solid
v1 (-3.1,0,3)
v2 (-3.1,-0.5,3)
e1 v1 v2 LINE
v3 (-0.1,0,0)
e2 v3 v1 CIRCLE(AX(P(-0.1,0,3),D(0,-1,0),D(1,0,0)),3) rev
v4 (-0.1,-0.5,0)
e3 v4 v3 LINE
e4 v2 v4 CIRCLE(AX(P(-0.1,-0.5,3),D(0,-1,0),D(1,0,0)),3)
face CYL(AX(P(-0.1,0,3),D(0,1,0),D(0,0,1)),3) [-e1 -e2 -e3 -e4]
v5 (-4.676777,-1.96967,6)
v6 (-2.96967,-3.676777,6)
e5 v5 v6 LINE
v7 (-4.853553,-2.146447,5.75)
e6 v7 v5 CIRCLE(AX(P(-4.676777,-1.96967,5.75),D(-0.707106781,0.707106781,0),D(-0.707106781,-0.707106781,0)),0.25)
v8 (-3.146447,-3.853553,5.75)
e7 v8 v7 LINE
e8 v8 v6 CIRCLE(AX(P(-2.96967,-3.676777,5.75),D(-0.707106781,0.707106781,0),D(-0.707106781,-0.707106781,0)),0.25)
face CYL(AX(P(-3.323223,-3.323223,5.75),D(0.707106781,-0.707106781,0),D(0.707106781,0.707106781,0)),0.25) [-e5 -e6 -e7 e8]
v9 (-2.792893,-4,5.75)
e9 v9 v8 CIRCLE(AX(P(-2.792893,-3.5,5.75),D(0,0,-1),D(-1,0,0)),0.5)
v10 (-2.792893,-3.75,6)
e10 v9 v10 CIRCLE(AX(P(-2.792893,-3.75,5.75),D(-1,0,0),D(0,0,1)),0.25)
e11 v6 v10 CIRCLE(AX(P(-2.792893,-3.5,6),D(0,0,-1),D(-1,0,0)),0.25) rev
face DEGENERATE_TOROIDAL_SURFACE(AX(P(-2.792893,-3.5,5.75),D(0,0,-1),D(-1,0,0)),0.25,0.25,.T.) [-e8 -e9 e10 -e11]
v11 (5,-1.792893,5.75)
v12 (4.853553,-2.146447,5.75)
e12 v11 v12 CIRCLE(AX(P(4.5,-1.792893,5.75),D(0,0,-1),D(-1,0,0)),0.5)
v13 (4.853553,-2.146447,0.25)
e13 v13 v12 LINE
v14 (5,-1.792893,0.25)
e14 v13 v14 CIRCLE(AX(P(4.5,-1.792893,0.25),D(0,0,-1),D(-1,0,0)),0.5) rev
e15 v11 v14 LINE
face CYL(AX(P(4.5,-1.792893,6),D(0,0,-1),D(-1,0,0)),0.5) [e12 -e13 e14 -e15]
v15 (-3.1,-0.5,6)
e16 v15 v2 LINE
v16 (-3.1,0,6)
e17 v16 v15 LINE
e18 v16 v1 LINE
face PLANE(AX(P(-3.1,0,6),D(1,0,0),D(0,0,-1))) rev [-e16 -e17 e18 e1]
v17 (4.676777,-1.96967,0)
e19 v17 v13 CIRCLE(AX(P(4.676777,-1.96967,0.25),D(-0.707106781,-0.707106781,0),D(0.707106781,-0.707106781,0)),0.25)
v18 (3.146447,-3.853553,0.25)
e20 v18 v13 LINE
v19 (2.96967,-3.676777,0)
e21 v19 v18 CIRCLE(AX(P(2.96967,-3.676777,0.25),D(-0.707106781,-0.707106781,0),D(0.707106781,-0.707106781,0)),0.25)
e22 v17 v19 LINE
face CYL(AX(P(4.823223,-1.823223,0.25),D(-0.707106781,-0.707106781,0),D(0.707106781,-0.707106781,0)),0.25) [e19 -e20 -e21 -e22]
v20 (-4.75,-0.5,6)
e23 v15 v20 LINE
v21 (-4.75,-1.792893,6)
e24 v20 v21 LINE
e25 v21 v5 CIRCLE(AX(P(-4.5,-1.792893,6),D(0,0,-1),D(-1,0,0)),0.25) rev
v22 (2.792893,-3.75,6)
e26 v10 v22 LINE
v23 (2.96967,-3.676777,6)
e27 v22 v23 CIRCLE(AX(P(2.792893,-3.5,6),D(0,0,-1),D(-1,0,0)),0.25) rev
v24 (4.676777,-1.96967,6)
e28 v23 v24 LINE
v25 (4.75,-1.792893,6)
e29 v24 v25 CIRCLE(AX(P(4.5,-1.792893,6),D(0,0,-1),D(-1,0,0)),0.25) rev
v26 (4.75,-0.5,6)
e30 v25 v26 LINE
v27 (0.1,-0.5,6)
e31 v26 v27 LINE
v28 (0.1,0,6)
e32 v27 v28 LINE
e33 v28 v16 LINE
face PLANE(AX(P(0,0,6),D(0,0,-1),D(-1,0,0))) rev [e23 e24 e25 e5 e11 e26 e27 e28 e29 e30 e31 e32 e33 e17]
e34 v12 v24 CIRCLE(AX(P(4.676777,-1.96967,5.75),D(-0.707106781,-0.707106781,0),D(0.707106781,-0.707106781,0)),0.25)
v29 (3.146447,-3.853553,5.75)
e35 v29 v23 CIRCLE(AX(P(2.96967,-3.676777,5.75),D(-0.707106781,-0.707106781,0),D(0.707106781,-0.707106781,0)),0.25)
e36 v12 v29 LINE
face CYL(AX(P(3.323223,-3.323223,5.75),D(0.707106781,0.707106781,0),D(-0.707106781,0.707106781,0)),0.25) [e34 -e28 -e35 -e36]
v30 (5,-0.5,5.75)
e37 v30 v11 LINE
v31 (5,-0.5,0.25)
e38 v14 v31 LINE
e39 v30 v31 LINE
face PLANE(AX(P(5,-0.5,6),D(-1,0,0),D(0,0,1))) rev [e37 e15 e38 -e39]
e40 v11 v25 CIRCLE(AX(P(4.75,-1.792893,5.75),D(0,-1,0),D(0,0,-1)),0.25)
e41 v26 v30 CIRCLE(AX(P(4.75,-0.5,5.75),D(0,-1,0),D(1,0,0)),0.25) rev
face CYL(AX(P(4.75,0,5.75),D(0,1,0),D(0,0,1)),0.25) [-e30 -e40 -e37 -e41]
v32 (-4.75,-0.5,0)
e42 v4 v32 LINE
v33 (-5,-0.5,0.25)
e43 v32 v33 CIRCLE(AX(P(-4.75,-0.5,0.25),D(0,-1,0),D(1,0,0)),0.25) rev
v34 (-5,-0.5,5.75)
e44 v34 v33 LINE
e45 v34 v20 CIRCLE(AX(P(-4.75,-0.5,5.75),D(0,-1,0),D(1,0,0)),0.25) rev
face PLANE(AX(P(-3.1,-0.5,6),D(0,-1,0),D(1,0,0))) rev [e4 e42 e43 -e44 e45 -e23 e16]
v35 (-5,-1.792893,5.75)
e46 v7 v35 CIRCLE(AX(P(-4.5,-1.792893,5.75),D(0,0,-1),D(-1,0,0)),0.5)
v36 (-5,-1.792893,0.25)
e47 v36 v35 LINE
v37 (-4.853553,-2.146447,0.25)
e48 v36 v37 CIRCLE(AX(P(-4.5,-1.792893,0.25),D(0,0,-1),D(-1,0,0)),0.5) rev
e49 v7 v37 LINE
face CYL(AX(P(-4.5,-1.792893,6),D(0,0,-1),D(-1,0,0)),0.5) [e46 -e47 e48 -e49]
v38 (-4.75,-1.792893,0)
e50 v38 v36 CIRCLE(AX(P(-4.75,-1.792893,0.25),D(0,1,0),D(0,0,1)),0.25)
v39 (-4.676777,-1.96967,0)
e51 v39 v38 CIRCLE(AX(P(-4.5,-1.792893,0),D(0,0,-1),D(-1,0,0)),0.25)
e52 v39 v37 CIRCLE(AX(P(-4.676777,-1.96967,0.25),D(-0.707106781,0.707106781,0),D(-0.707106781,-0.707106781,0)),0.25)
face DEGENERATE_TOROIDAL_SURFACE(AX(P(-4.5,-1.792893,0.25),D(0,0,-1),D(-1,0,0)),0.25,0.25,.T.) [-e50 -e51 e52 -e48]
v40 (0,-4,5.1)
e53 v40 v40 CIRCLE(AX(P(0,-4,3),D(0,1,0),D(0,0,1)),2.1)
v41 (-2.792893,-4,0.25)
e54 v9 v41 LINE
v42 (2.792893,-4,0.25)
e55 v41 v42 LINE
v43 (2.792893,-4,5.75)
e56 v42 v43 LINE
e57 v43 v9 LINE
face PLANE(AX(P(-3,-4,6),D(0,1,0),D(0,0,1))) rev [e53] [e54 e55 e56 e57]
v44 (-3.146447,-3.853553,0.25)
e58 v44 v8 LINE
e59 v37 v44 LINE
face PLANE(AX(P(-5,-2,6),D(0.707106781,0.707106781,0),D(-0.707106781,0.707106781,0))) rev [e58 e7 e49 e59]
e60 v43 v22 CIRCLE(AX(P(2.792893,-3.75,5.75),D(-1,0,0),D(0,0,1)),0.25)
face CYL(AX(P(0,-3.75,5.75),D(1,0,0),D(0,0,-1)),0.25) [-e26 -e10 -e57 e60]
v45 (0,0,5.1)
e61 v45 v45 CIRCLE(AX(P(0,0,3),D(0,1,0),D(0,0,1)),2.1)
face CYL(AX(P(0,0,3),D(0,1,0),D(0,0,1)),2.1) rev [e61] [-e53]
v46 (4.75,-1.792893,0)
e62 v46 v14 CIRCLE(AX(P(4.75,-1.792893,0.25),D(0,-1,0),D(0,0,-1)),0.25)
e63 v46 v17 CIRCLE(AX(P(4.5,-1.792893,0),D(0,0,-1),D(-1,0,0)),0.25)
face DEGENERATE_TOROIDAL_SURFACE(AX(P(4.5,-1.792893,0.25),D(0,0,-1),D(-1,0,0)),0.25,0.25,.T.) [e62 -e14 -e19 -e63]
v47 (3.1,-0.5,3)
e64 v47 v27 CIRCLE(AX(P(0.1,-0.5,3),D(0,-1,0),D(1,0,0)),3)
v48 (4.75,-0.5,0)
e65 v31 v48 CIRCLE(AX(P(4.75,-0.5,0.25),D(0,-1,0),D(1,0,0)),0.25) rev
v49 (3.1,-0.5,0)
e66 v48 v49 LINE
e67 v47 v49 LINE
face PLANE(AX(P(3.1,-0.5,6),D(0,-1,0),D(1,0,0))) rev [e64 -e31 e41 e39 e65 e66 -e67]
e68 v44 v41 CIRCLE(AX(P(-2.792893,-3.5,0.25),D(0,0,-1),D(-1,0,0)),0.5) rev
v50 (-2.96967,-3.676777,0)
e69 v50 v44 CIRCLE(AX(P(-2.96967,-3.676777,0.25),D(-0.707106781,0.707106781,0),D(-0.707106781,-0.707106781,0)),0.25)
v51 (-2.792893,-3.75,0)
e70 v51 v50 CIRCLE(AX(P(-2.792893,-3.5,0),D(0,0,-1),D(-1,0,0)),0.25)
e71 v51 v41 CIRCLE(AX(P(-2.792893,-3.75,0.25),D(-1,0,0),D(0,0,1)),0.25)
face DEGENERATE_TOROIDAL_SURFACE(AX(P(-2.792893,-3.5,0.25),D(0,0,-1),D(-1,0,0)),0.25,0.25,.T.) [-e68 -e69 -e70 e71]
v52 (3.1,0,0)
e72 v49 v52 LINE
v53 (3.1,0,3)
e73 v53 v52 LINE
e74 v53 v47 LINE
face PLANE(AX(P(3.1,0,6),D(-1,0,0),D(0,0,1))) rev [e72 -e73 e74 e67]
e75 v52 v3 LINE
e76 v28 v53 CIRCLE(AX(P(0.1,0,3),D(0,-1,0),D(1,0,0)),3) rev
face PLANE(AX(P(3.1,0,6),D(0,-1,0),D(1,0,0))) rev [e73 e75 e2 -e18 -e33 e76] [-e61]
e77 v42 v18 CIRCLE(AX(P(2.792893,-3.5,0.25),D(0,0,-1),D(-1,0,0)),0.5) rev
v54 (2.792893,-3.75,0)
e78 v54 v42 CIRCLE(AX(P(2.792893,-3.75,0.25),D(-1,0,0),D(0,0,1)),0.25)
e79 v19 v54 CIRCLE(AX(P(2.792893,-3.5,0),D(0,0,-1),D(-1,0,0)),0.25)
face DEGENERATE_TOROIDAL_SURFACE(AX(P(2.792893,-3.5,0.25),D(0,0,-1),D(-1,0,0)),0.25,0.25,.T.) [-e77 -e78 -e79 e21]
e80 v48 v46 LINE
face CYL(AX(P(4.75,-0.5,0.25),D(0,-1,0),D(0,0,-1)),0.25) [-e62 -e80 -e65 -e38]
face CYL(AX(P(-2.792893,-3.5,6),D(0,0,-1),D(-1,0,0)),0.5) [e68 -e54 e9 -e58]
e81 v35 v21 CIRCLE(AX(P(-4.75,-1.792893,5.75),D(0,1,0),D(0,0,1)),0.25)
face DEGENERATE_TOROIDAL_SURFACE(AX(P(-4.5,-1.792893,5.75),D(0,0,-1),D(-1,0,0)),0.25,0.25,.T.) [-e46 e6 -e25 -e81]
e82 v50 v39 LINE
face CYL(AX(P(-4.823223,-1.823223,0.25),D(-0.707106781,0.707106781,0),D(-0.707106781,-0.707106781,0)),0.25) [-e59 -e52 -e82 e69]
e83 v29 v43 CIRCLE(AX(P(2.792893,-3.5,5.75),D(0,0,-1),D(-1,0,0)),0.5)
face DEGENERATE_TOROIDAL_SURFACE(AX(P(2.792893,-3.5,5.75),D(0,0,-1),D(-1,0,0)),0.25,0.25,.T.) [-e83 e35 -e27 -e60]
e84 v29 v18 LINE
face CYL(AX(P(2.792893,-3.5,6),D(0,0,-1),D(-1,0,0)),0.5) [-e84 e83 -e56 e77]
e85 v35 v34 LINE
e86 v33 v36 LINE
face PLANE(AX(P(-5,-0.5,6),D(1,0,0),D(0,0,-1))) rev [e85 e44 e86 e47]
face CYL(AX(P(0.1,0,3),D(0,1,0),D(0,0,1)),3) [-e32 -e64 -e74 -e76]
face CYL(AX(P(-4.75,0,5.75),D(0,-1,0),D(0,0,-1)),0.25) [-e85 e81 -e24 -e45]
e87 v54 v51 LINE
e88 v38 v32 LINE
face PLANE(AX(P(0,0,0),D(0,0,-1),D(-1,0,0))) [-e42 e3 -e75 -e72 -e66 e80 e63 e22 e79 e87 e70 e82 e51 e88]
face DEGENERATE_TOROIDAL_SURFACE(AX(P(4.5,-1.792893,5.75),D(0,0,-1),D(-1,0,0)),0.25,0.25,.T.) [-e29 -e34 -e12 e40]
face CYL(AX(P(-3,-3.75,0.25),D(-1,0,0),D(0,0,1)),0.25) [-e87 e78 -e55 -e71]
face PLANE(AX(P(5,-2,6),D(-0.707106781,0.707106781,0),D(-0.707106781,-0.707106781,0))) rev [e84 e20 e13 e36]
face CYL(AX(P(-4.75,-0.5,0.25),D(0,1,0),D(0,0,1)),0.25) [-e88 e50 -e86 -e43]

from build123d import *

# Parameters (mm, degrees)
BOSS_EXTRUDE1_DEPTH = 6
M5_TAPPED_HOLE1_D   = 4.2
FILLET1_R           = 3
FILLET2_R           = 0.5
FILLET3_R           = 0.25


with BuildPart() as part:
    # Sketch1 → Boss-Extrude1 (new body)
    with BuildSketch(Plane.XY):
        Polygon((3.1, 0), (-3.1, 0), (-3.1, -0.5), (-5, -0.5), (-5, -2), (-3, -4), (3, -4), (5, -2), (5, -0.5), (3.1, -0.5), align=None)
    extrude(amount=BOSS_EXTRUDE1_DEPTH)

    # M5 Tapped Hole1 (through all)
    with Locations(Plane(origin=(0, 0, 0), x_dir=(-1, 0, 0), z_dir=(0, 1, 0))):
        with Locations((0, 3)):
            Hole(M5_TAPPED_HOLE1_D / 2)

    # Fillet1
    fillet1_edges = [part.edges().sort_by_distance(p)[0] for p in [
        (-3.1, -0.25, 0),
        (3.1, -0.25, 6),
    ]]
    fillet(fillet1_edges, radius=FILLET1_R)

    # Fillet2
    fillet2_edges = [part.edges().sort_by_distance(p)[0] for p in [
        (5, -2, 3),
        (3, -4, 3),
        (-3, -4, 3),
        (-5, -2, 3),
    ]]
    fillet(fillet2_edges, radius=FILLET2_R)

    # Fillet3
    fillet3_edges = [part.edges().sort_by_distance(p)[0] for p in [
        (-5, -1.146446609, 6),
        (-5, -1.146446609, 0),
        (5, -1.146446609, 0),
        (5, -1.146446609, 6),
        (4, -3, 0),
        (0, -4, 0),
        (-4, -3, 0),
        (-2.984234935, -3.961939766, 0),
        (-4.961939766, -1.984234935, 0),
        (2.984234935, -3.961939766, 0),
        (4.961939766, -1.984234935, 0),
        (4, -3, 6),
        (-4, -3, 6),
        (0, -4, 6),
        (-2.984234935, -3.961939766, 6),
        (-4.961939766, -1.984234935, 6),
        (2.984234935, -3.961939766, 6),
        (4.961939766, -1.984234935, 6),
    ]]
    fillet(fillet3_edges, radius=FILLET3_R)


solid = part.part
